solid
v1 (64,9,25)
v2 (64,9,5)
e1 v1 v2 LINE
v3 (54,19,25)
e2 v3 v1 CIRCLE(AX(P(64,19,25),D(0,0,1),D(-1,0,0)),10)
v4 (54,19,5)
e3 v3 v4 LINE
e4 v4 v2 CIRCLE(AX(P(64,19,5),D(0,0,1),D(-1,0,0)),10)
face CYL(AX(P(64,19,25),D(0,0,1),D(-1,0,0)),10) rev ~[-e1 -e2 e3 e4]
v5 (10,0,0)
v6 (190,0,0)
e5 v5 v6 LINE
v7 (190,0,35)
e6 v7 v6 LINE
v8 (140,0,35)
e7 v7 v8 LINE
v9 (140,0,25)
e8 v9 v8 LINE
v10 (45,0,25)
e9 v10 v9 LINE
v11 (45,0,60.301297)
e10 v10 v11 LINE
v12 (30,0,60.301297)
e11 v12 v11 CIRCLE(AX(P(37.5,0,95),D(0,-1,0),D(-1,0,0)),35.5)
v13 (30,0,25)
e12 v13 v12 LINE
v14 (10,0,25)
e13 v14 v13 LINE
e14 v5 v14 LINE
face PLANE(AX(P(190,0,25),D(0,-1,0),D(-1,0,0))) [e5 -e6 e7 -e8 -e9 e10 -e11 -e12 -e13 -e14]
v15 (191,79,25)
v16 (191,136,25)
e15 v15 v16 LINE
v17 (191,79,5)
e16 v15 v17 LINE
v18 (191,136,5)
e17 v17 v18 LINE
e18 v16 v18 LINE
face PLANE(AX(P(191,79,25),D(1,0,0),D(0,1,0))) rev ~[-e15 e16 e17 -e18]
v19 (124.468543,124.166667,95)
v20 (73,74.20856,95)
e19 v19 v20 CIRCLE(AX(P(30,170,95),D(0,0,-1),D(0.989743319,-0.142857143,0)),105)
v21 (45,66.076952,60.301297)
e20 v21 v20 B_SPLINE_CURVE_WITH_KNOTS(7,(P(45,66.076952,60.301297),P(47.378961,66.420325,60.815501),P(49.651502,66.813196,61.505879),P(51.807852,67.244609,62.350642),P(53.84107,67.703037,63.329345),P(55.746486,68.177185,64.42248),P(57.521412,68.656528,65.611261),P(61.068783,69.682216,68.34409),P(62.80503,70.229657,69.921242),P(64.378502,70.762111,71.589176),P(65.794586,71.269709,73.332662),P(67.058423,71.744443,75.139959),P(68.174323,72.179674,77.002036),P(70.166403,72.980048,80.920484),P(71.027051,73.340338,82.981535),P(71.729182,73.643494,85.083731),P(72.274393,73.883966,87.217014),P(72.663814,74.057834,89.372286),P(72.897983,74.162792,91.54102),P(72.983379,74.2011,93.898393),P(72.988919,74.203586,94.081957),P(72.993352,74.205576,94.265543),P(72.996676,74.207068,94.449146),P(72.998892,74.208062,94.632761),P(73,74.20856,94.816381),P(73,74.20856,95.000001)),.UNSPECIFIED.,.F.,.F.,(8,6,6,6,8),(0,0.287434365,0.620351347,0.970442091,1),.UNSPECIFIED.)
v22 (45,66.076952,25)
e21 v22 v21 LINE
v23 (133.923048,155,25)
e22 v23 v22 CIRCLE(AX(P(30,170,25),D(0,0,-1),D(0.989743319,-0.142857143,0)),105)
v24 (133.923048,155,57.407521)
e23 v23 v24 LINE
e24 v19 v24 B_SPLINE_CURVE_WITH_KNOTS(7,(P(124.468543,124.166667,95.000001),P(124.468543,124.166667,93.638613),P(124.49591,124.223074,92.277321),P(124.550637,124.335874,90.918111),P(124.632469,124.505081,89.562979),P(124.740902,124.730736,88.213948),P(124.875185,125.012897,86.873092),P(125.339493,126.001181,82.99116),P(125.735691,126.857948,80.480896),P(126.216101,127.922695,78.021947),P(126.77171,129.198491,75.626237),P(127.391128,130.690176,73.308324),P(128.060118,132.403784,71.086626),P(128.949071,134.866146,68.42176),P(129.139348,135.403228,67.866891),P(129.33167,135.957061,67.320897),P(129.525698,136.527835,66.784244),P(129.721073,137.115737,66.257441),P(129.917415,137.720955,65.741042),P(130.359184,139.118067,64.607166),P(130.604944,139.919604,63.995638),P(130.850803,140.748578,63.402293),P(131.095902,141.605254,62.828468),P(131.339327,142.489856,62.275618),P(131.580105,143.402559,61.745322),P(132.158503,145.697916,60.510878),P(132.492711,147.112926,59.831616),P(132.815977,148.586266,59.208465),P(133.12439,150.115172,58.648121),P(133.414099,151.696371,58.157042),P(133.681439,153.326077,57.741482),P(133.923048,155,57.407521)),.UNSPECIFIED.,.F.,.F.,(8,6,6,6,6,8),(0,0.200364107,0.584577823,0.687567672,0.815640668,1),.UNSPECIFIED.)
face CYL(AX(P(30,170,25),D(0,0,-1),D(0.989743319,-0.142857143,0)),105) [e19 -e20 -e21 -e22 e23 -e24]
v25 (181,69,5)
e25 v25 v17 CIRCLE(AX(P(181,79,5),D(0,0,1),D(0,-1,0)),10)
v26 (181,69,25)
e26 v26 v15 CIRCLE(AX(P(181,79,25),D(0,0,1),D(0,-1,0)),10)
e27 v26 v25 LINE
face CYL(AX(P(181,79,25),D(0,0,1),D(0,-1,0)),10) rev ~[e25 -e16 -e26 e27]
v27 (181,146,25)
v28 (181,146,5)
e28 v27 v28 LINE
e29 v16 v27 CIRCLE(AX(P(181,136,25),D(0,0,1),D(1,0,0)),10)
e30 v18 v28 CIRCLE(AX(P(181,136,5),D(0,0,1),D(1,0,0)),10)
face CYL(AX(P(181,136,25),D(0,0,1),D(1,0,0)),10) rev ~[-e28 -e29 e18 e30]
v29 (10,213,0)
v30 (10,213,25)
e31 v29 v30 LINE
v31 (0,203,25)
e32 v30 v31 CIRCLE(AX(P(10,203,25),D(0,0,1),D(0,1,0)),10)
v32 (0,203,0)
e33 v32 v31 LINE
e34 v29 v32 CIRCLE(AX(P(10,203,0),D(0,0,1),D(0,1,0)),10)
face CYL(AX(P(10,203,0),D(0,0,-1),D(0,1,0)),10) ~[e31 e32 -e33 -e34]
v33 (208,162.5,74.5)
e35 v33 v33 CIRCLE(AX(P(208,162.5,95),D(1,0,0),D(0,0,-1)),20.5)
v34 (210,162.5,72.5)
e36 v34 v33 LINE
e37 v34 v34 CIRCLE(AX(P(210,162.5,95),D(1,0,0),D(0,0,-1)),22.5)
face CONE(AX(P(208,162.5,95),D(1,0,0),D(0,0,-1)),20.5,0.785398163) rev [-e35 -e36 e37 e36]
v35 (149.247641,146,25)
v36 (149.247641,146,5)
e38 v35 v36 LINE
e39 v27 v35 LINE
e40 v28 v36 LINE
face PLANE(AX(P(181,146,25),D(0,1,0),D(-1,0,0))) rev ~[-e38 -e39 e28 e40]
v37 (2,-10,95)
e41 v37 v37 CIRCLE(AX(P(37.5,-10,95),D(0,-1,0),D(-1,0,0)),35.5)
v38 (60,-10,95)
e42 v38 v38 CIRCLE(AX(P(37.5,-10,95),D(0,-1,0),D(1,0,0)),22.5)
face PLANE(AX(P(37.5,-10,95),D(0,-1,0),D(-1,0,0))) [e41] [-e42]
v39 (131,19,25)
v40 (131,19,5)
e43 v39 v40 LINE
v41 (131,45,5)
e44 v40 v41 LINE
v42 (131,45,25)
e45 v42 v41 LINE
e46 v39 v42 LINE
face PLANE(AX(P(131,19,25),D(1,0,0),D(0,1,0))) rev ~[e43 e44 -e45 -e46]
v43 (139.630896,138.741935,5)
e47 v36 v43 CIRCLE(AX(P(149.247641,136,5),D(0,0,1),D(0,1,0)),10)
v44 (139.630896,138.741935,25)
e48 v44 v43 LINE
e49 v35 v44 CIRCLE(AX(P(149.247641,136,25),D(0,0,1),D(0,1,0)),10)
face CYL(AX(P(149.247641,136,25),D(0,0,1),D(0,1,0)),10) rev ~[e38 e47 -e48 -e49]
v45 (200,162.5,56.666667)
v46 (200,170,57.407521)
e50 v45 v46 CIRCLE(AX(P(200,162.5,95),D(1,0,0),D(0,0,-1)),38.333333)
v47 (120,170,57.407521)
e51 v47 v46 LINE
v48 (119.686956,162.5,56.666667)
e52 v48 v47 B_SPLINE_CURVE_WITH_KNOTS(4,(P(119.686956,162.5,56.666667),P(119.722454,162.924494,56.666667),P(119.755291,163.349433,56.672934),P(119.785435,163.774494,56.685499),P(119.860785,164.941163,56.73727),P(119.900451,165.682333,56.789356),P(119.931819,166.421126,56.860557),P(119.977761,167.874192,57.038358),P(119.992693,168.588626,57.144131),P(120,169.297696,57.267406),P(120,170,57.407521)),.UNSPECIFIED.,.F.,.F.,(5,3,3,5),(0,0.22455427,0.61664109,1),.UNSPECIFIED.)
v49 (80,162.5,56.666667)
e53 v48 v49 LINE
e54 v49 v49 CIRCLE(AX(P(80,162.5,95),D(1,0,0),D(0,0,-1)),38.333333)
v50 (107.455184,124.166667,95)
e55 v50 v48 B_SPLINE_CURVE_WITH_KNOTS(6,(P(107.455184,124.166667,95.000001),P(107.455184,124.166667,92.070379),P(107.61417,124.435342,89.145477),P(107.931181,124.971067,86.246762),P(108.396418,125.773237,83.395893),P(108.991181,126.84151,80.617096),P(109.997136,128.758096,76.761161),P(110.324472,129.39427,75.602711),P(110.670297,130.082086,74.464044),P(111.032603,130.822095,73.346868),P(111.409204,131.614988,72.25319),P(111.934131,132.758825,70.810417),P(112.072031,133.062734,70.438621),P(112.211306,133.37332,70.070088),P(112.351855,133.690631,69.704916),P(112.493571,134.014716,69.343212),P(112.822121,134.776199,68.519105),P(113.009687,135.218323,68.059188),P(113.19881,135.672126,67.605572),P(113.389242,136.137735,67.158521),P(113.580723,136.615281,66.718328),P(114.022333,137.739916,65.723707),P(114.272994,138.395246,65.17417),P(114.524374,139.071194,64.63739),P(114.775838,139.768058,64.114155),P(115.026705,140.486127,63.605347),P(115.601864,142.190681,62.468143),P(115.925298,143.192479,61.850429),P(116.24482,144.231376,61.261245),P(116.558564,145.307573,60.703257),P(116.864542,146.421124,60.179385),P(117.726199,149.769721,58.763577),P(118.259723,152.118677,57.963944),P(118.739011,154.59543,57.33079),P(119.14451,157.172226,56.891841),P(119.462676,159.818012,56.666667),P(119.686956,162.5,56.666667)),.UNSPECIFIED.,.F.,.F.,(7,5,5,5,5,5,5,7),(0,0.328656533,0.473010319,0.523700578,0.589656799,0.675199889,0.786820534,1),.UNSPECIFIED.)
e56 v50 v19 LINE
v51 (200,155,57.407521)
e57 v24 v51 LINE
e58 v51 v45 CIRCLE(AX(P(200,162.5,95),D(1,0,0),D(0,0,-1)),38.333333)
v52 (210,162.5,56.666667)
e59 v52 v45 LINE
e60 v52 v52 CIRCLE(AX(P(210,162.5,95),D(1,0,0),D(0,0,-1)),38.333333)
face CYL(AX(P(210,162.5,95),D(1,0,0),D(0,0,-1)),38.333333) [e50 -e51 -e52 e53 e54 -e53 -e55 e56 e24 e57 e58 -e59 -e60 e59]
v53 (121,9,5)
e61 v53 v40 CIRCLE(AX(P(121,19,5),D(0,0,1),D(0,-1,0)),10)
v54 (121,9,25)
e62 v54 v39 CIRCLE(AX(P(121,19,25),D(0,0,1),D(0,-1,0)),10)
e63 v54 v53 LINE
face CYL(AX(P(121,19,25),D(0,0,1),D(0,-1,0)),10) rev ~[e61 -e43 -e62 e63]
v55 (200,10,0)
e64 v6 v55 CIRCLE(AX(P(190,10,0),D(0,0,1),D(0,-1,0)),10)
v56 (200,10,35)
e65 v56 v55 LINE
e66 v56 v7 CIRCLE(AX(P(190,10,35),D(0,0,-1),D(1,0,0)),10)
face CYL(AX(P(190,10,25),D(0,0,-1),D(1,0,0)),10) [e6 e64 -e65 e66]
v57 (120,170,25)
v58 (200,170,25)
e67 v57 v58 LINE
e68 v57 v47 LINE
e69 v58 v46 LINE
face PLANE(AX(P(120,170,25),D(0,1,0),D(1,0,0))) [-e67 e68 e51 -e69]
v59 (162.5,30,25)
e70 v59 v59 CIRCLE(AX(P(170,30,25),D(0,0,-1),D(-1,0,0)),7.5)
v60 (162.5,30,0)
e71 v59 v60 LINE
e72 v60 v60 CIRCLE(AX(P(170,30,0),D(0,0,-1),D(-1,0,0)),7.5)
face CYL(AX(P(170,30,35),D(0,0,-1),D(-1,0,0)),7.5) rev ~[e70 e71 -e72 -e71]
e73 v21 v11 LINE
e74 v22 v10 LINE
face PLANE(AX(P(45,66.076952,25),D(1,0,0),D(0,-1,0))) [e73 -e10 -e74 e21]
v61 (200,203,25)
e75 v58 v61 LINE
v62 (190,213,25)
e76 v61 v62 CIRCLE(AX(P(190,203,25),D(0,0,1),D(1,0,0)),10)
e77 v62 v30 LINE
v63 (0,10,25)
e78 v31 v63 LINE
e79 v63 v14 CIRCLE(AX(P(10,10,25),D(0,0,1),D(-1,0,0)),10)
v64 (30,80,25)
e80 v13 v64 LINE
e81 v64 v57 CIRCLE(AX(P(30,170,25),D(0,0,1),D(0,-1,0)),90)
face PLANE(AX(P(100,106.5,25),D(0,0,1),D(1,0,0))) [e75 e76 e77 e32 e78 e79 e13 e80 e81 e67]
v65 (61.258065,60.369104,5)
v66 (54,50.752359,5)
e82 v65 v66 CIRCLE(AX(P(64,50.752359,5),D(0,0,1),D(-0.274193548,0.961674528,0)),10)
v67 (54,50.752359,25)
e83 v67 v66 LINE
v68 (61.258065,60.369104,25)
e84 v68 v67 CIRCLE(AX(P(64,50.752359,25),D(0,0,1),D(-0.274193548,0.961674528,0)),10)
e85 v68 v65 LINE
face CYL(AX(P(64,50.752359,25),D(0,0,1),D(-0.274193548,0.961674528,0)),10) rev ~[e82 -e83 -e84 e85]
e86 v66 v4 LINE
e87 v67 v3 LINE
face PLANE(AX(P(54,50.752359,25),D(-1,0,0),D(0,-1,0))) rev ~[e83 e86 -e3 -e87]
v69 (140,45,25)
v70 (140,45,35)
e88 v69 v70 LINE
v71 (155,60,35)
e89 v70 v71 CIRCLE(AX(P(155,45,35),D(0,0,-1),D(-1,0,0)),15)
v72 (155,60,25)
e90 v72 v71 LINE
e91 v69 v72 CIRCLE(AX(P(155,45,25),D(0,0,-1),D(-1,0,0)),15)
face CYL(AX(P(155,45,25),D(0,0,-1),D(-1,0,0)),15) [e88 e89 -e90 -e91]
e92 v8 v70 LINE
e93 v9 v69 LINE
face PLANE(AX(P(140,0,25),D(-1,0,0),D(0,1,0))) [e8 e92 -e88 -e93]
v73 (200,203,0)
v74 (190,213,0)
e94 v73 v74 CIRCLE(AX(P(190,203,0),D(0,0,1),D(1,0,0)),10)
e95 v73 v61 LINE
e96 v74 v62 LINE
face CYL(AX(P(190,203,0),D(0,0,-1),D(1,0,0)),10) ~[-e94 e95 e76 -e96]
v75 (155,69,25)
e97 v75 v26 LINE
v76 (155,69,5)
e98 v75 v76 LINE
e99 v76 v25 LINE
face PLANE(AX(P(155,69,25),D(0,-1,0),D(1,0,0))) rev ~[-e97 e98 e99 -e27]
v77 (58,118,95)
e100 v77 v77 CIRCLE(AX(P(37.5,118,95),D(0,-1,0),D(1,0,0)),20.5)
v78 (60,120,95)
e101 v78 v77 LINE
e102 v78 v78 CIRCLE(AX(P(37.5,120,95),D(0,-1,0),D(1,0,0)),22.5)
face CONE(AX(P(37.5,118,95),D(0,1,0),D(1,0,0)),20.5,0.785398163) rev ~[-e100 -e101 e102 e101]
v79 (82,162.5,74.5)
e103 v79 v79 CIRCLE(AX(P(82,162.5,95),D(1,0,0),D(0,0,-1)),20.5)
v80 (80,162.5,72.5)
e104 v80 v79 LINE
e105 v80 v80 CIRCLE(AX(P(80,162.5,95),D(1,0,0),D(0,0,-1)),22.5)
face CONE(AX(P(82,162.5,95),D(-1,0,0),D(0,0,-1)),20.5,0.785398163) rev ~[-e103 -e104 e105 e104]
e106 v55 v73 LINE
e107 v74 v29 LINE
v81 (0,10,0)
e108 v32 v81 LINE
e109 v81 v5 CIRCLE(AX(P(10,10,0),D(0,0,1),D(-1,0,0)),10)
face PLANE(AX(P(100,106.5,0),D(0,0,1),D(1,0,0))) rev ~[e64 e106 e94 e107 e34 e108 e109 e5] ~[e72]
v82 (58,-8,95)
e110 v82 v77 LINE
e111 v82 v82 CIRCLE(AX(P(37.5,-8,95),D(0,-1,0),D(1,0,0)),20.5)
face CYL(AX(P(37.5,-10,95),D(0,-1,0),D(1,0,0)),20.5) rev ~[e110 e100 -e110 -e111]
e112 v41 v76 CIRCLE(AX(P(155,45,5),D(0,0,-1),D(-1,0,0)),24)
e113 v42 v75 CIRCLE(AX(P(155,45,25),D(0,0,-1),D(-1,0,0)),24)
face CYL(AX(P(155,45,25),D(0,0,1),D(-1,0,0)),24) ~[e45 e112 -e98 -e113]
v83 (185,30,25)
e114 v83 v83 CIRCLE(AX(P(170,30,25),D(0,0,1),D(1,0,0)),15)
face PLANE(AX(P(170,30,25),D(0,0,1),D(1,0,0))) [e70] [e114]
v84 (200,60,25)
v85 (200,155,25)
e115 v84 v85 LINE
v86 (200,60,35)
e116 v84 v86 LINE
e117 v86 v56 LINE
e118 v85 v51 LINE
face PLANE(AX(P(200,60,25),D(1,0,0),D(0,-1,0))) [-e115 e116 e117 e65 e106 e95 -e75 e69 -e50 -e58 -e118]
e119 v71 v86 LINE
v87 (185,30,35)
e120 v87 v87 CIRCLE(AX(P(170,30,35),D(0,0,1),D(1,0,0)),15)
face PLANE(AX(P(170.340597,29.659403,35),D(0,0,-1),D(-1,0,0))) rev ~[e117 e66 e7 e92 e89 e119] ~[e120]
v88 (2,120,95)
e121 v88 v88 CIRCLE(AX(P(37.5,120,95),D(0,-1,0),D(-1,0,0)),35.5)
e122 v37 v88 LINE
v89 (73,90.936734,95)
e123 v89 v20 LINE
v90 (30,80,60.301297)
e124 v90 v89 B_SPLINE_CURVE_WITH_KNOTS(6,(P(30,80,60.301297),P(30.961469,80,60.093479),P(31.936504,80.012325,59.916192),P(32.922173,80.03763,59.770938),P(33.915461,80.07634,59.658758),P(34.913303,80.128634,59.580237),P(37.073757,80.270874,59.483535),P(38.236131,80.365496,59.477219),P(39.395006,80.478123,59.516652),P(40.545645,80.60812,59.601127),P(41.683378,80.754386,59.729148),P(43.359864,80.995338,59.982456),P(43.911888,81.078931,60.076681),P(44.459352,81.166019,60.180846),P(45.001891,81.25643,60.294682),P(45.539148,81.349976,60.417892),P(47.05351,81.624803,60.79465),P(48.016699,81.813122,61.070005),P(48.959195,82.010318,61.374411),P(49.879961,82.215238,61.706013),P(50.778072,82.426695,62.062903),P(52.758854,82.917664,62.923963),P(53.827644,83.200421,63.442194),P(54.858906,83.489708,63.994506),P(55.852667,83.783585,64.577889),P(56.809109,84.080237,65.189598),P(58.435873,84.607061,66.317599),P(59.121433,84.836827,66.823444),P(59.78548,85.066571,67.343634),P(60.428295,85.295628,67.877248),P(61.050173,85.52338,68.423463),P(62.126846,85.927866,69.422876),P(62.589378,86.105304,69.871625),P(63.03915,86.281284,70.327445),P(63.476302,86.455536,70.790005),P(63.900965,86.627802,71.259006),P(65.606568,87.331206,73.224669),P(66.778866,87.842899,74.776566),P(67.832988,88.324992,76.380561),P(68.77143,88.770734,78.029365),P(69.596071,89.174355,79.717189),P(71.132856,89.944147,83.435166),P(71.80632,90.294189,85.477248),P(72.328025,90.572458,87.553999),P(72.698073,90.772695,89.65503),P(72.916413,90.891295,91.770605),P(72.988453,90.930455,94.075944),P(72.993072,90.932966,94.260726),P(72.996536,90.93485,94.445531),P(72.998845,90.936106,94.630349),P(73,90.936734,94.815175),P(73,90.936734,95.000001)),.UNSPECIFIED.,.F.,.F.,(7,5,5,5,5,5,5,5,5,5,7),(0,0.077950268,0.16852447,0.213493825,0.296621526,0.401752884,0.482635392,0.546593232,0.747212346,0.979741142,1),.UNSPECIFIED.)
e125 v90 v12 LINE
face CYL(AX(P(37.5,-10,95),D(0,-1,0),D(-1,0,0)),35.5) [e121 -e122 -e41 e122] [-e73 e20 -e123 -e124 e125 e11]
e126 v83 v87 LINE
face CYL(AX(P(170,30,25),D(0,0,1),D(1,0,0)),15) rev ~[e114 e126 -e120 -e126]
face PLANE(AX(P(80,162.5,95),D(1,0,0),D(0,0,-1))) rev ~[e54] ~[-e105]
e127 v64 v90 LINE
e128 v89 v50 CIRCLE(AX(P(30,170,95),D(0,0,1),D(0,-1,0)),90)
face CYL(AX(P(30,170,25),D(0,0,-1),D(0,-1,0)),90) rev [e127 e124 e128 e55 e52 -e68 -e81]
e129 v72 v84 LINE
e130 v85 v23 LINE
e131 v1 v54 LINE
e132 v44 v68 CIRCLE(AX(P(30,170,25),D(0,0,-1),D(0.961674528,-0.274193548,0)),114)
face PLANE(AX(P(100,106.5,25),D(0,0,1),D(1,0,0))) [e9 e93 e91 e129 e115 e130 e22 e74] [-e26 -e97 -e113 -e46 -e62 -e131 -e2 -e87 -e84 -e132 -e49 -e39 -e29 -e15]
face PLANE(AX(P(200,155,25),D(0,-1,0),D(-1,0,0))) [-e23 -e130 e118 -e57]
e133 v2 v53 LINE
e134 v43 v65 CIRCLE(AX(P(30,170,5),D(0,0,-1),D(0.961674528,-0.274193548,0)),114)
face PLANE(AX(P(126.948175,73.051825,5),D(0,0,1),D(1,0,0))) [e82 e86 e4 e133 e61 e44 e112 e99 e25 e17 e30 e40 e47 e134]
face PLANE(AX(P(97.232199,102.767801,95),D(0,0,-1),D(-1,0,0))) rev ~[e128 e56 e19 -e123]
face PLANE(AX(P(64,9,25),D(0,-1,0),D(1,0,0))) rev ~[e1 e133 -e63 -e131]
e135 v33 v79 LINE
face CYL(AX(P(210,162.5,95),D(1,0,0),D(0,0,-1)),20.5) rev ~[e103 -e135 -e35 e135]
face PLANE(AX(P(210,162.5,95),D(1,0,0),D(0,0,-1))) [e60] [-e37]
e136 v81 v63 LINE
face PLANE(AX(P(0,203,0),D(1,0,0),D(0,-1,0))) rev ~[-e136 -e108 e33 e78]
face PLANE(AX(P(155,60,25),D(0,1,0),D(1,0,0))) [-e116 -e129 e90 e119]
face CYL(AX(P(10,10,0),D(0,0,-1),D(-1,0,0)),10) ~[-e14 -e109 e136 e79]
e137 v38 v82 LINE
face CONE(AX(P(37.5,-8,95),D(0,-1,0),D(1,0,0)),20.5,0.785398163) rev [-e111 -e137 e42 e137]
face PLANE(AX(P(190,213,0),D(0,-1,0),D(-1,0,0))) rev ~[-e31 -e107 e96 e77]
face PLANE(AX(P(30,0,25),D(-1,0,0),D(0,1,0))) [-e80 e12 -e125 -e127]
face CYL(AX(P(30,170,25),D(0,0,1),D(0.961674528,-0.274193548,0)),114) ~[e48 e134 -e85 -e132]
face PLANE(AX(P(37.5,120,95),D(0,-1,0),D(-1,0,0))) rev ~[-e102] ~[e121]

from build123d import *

# Parameters (mm, degrees)
BOSS_EXTRUDE1_DEPTH                     = 25
BOSS_EXTRUDE2_DEPTH                     = 10
CBORE_FOR_M8_HEX_HEAD_BOLT1_D           = 15
CBORE_FOR_M8_HEX_HEAD_BOLT1_CBORE_D     = 30
CBORE_FOR_M8_HEX_HEAD_BOLT1_CBORE_DEPTH = 10
BOSS_EXTRUDE3_DEPTH                     = 70
CUT_EXTRUDE1_DEPTH                      = 20
SKETCH7_R                               = 35.5
BOSS_EXTRUDE4_DEPTH                     = 130
SKETCH8_R                               = 20.5
CUT_EXTRUDE2_DEPTH                      = 224
SKETCH9_R                               = 38.333333333
BOSS_EXTRUDE5_DEPTH                     = 130
SKETCH10_R                              = 20.5
CUT_EXTRUDE3_DEPTH                      = 211
CHAMFER1_SIZE                           = 2


with BuildPart() as part:
    # Sketch1 → Boss-Extrude1 (new body)
    with BuildSketch(Plane.XY):
        with BuildLine():
            Line((10, 0), (190, 0))
            ThreePointArc((190, 0), (197.071067812, 2.928932188), (200, 10))
            Line((200, 10), (200, 203))
            ThreePointArc((200, 203), (197.071067812, 210.071067812), (190, 213))
            Line((190, 213), (10, 213))
            ThreePointArc((10, 213), (2.928932188, 210.071067812), (0, 203))
            Line((0, 203), (0, 10))
            ThreePointArc((0, 10), (2.928932188, 2.928932188), (10, 0))
        make_face()
    extrude(amount=BOSS_EXTRUDE1_DEPTH)

    # Sketch2 → Boss-Extrude2 (add)
    with BuildSketch(Plane.XY.offset(25)):
        with BuildLine():
            Line((200, 60), (200, 10))
            ThreePointArc((200, 10), (197.071067812, 2.928932188), (190, 0))
            Line((190, 0), (140, 0))
            Line((140, 0), (140, 45))
            ThreePointArc((140, 45), (144.393398282, 55.606601718), (155, 60))
            Line((155, 60), (200, 60))
        make_face()
    extrude(amount=BOSS_EXTRUDE2_DEPTH)

    # CBORE for M8 Hex Head Bolt1 (through all)
    with Locations(Plane.XY.offset(35)):
        with Locations((170, 30)):
            CounterBoreHole(CBORE_FOR_M8_HEX_HEAD_BOLT1_D / 2, CBORE_FOR_M8_HEX_HEAD_BOLT1_CBORE_D / 2, CBORE_FOR_M8_HEX_HEAD_BOLT1_CBORE_DEPTH)

    # Sketch5 → Boss-Extrude3 (add)
    with BuildSketch(Plane.XY.offset(25)):
        with BuildLine():
            Line((30, 0), (30, 80))
            ThreePointArc((30, 80), (93.639610307, 106.360389693), (120, 170))
            Line((120, 170), (200, 170))
            Line((200, 170), (200, 155))
            Line((200, 155), (133.923048454, 155))
            ThreePointArc((133.923048454, 155), (104.246212025, 95.753787975), (45, 66.076951546))
            Line((45, 66.076951546), (45, 0))
            Line((45, 0), (30, 0))
        make_face()
    extrude(amount=BOSS_EXTRUDE3_DEPTH)

    # Sketch6 → Cut-Extrude1 (cut)
    with BuildSketch(Plane.XY.offset(25)):
        with BuildLine():
            Line((54, 50.752358514), (54, 19))
            ThreePointArc((54, 19), (56.928932188, 11.928932188), (64, 9))
            Line((64, 9), (121, 9))
            ThreePointArc((121, 9), (128.071067812, 11.928932188), (131, 19))
            Line((131, 19), (131, 45))
            ThreePointArc((131, 45), (138.029437252, 61.970562748), (155, 69))
            Line((155, 69), (181, 69))
            ThreePointArc((181, 69), (188.071067812, 71.928932188), (191, 79))
            Line((191, 79), (191, 136))
            ThreePointArc((191, 136), (188.071067812, 143.071067812), (181, 146))
            Line((181, 146), (149.247641486, 146))
            ThreePointArc((149.247641486, 146), (143.223496519, 143.981834214), (139.630896205, 138.741935484))
            ThreePointArc((139.630896205, 138.741935484), (110.610173055, 89.389826945), (61.258064516, 60.369103795))
            ThreePointArc((61.258064516, 60.369103795), (56.018165786, 56.776503481), (54, 50.752358514))
        make_face()
    extrude(amount=-CUT_EXTRUDE1_DEPTH, mode=Mode.SUBTRACT)

    # Sketch7 → Boss-Extrude4 (add)
    with BuildSketch(Plane(origin=(0, -10, 0), x_dir=(-1, 0, 0), z_dir=(0, -1, 0))):
        with Locations((-37.5, -95)):
            Circle(SKETCH7_R)
    extrude(amount=-BOSS_EXTRUDE4_DEPTH)

    # Sketch8 → Cut-Extrude2 (cut, through all)
    with BuildSketch(Plane.XZ.offset(10)):
        with Locations((37.5, 95)):
            Circle(SKETCH8_R)
    extrude(amount=-CUT_EXTRUDE2_DEPTH, mode=Mode.SUBTRACT)

    # Sketch9 → Boss-Extrude5 (add)
    with BuildSketch(Plane(origin=(210, 0, 0), x_dir=(0, 0, -1), z_dir=(1, 0, 0))):
        with Locations((-95, 162.5)):
            Circle(SKETCH9_R)
    extrude(amount=-BOSS_EXTRUDE5_DEPTH)

    # Sketch10 → Cut-Extrude3 (cut, through all)
    with BuildSketch(Plane(origin=(210, 0, 0), x_dir=(0, 0, -1), z_dir=(1, 0, 0))):
        with Locations((-95, 162.5)):
            Circle(SKETCH10_R)
    extrude(amount=-CUT_EXTRUDE3_DEPTH, mode=Mode.SUBTRACT)

    # Chamfer1
    chamfer1_edges = [part.edges().sort_by_distance(p)[0] for p in [
        (17, 120, 95),
        (17, -10, 95),
        (80, 162.5, 115.5),
        (210, 162.5, 115.5),
    ]]
    chamfer(chamfer1_edges, length=CHAMFER1_SIZE)


solid = part.part
